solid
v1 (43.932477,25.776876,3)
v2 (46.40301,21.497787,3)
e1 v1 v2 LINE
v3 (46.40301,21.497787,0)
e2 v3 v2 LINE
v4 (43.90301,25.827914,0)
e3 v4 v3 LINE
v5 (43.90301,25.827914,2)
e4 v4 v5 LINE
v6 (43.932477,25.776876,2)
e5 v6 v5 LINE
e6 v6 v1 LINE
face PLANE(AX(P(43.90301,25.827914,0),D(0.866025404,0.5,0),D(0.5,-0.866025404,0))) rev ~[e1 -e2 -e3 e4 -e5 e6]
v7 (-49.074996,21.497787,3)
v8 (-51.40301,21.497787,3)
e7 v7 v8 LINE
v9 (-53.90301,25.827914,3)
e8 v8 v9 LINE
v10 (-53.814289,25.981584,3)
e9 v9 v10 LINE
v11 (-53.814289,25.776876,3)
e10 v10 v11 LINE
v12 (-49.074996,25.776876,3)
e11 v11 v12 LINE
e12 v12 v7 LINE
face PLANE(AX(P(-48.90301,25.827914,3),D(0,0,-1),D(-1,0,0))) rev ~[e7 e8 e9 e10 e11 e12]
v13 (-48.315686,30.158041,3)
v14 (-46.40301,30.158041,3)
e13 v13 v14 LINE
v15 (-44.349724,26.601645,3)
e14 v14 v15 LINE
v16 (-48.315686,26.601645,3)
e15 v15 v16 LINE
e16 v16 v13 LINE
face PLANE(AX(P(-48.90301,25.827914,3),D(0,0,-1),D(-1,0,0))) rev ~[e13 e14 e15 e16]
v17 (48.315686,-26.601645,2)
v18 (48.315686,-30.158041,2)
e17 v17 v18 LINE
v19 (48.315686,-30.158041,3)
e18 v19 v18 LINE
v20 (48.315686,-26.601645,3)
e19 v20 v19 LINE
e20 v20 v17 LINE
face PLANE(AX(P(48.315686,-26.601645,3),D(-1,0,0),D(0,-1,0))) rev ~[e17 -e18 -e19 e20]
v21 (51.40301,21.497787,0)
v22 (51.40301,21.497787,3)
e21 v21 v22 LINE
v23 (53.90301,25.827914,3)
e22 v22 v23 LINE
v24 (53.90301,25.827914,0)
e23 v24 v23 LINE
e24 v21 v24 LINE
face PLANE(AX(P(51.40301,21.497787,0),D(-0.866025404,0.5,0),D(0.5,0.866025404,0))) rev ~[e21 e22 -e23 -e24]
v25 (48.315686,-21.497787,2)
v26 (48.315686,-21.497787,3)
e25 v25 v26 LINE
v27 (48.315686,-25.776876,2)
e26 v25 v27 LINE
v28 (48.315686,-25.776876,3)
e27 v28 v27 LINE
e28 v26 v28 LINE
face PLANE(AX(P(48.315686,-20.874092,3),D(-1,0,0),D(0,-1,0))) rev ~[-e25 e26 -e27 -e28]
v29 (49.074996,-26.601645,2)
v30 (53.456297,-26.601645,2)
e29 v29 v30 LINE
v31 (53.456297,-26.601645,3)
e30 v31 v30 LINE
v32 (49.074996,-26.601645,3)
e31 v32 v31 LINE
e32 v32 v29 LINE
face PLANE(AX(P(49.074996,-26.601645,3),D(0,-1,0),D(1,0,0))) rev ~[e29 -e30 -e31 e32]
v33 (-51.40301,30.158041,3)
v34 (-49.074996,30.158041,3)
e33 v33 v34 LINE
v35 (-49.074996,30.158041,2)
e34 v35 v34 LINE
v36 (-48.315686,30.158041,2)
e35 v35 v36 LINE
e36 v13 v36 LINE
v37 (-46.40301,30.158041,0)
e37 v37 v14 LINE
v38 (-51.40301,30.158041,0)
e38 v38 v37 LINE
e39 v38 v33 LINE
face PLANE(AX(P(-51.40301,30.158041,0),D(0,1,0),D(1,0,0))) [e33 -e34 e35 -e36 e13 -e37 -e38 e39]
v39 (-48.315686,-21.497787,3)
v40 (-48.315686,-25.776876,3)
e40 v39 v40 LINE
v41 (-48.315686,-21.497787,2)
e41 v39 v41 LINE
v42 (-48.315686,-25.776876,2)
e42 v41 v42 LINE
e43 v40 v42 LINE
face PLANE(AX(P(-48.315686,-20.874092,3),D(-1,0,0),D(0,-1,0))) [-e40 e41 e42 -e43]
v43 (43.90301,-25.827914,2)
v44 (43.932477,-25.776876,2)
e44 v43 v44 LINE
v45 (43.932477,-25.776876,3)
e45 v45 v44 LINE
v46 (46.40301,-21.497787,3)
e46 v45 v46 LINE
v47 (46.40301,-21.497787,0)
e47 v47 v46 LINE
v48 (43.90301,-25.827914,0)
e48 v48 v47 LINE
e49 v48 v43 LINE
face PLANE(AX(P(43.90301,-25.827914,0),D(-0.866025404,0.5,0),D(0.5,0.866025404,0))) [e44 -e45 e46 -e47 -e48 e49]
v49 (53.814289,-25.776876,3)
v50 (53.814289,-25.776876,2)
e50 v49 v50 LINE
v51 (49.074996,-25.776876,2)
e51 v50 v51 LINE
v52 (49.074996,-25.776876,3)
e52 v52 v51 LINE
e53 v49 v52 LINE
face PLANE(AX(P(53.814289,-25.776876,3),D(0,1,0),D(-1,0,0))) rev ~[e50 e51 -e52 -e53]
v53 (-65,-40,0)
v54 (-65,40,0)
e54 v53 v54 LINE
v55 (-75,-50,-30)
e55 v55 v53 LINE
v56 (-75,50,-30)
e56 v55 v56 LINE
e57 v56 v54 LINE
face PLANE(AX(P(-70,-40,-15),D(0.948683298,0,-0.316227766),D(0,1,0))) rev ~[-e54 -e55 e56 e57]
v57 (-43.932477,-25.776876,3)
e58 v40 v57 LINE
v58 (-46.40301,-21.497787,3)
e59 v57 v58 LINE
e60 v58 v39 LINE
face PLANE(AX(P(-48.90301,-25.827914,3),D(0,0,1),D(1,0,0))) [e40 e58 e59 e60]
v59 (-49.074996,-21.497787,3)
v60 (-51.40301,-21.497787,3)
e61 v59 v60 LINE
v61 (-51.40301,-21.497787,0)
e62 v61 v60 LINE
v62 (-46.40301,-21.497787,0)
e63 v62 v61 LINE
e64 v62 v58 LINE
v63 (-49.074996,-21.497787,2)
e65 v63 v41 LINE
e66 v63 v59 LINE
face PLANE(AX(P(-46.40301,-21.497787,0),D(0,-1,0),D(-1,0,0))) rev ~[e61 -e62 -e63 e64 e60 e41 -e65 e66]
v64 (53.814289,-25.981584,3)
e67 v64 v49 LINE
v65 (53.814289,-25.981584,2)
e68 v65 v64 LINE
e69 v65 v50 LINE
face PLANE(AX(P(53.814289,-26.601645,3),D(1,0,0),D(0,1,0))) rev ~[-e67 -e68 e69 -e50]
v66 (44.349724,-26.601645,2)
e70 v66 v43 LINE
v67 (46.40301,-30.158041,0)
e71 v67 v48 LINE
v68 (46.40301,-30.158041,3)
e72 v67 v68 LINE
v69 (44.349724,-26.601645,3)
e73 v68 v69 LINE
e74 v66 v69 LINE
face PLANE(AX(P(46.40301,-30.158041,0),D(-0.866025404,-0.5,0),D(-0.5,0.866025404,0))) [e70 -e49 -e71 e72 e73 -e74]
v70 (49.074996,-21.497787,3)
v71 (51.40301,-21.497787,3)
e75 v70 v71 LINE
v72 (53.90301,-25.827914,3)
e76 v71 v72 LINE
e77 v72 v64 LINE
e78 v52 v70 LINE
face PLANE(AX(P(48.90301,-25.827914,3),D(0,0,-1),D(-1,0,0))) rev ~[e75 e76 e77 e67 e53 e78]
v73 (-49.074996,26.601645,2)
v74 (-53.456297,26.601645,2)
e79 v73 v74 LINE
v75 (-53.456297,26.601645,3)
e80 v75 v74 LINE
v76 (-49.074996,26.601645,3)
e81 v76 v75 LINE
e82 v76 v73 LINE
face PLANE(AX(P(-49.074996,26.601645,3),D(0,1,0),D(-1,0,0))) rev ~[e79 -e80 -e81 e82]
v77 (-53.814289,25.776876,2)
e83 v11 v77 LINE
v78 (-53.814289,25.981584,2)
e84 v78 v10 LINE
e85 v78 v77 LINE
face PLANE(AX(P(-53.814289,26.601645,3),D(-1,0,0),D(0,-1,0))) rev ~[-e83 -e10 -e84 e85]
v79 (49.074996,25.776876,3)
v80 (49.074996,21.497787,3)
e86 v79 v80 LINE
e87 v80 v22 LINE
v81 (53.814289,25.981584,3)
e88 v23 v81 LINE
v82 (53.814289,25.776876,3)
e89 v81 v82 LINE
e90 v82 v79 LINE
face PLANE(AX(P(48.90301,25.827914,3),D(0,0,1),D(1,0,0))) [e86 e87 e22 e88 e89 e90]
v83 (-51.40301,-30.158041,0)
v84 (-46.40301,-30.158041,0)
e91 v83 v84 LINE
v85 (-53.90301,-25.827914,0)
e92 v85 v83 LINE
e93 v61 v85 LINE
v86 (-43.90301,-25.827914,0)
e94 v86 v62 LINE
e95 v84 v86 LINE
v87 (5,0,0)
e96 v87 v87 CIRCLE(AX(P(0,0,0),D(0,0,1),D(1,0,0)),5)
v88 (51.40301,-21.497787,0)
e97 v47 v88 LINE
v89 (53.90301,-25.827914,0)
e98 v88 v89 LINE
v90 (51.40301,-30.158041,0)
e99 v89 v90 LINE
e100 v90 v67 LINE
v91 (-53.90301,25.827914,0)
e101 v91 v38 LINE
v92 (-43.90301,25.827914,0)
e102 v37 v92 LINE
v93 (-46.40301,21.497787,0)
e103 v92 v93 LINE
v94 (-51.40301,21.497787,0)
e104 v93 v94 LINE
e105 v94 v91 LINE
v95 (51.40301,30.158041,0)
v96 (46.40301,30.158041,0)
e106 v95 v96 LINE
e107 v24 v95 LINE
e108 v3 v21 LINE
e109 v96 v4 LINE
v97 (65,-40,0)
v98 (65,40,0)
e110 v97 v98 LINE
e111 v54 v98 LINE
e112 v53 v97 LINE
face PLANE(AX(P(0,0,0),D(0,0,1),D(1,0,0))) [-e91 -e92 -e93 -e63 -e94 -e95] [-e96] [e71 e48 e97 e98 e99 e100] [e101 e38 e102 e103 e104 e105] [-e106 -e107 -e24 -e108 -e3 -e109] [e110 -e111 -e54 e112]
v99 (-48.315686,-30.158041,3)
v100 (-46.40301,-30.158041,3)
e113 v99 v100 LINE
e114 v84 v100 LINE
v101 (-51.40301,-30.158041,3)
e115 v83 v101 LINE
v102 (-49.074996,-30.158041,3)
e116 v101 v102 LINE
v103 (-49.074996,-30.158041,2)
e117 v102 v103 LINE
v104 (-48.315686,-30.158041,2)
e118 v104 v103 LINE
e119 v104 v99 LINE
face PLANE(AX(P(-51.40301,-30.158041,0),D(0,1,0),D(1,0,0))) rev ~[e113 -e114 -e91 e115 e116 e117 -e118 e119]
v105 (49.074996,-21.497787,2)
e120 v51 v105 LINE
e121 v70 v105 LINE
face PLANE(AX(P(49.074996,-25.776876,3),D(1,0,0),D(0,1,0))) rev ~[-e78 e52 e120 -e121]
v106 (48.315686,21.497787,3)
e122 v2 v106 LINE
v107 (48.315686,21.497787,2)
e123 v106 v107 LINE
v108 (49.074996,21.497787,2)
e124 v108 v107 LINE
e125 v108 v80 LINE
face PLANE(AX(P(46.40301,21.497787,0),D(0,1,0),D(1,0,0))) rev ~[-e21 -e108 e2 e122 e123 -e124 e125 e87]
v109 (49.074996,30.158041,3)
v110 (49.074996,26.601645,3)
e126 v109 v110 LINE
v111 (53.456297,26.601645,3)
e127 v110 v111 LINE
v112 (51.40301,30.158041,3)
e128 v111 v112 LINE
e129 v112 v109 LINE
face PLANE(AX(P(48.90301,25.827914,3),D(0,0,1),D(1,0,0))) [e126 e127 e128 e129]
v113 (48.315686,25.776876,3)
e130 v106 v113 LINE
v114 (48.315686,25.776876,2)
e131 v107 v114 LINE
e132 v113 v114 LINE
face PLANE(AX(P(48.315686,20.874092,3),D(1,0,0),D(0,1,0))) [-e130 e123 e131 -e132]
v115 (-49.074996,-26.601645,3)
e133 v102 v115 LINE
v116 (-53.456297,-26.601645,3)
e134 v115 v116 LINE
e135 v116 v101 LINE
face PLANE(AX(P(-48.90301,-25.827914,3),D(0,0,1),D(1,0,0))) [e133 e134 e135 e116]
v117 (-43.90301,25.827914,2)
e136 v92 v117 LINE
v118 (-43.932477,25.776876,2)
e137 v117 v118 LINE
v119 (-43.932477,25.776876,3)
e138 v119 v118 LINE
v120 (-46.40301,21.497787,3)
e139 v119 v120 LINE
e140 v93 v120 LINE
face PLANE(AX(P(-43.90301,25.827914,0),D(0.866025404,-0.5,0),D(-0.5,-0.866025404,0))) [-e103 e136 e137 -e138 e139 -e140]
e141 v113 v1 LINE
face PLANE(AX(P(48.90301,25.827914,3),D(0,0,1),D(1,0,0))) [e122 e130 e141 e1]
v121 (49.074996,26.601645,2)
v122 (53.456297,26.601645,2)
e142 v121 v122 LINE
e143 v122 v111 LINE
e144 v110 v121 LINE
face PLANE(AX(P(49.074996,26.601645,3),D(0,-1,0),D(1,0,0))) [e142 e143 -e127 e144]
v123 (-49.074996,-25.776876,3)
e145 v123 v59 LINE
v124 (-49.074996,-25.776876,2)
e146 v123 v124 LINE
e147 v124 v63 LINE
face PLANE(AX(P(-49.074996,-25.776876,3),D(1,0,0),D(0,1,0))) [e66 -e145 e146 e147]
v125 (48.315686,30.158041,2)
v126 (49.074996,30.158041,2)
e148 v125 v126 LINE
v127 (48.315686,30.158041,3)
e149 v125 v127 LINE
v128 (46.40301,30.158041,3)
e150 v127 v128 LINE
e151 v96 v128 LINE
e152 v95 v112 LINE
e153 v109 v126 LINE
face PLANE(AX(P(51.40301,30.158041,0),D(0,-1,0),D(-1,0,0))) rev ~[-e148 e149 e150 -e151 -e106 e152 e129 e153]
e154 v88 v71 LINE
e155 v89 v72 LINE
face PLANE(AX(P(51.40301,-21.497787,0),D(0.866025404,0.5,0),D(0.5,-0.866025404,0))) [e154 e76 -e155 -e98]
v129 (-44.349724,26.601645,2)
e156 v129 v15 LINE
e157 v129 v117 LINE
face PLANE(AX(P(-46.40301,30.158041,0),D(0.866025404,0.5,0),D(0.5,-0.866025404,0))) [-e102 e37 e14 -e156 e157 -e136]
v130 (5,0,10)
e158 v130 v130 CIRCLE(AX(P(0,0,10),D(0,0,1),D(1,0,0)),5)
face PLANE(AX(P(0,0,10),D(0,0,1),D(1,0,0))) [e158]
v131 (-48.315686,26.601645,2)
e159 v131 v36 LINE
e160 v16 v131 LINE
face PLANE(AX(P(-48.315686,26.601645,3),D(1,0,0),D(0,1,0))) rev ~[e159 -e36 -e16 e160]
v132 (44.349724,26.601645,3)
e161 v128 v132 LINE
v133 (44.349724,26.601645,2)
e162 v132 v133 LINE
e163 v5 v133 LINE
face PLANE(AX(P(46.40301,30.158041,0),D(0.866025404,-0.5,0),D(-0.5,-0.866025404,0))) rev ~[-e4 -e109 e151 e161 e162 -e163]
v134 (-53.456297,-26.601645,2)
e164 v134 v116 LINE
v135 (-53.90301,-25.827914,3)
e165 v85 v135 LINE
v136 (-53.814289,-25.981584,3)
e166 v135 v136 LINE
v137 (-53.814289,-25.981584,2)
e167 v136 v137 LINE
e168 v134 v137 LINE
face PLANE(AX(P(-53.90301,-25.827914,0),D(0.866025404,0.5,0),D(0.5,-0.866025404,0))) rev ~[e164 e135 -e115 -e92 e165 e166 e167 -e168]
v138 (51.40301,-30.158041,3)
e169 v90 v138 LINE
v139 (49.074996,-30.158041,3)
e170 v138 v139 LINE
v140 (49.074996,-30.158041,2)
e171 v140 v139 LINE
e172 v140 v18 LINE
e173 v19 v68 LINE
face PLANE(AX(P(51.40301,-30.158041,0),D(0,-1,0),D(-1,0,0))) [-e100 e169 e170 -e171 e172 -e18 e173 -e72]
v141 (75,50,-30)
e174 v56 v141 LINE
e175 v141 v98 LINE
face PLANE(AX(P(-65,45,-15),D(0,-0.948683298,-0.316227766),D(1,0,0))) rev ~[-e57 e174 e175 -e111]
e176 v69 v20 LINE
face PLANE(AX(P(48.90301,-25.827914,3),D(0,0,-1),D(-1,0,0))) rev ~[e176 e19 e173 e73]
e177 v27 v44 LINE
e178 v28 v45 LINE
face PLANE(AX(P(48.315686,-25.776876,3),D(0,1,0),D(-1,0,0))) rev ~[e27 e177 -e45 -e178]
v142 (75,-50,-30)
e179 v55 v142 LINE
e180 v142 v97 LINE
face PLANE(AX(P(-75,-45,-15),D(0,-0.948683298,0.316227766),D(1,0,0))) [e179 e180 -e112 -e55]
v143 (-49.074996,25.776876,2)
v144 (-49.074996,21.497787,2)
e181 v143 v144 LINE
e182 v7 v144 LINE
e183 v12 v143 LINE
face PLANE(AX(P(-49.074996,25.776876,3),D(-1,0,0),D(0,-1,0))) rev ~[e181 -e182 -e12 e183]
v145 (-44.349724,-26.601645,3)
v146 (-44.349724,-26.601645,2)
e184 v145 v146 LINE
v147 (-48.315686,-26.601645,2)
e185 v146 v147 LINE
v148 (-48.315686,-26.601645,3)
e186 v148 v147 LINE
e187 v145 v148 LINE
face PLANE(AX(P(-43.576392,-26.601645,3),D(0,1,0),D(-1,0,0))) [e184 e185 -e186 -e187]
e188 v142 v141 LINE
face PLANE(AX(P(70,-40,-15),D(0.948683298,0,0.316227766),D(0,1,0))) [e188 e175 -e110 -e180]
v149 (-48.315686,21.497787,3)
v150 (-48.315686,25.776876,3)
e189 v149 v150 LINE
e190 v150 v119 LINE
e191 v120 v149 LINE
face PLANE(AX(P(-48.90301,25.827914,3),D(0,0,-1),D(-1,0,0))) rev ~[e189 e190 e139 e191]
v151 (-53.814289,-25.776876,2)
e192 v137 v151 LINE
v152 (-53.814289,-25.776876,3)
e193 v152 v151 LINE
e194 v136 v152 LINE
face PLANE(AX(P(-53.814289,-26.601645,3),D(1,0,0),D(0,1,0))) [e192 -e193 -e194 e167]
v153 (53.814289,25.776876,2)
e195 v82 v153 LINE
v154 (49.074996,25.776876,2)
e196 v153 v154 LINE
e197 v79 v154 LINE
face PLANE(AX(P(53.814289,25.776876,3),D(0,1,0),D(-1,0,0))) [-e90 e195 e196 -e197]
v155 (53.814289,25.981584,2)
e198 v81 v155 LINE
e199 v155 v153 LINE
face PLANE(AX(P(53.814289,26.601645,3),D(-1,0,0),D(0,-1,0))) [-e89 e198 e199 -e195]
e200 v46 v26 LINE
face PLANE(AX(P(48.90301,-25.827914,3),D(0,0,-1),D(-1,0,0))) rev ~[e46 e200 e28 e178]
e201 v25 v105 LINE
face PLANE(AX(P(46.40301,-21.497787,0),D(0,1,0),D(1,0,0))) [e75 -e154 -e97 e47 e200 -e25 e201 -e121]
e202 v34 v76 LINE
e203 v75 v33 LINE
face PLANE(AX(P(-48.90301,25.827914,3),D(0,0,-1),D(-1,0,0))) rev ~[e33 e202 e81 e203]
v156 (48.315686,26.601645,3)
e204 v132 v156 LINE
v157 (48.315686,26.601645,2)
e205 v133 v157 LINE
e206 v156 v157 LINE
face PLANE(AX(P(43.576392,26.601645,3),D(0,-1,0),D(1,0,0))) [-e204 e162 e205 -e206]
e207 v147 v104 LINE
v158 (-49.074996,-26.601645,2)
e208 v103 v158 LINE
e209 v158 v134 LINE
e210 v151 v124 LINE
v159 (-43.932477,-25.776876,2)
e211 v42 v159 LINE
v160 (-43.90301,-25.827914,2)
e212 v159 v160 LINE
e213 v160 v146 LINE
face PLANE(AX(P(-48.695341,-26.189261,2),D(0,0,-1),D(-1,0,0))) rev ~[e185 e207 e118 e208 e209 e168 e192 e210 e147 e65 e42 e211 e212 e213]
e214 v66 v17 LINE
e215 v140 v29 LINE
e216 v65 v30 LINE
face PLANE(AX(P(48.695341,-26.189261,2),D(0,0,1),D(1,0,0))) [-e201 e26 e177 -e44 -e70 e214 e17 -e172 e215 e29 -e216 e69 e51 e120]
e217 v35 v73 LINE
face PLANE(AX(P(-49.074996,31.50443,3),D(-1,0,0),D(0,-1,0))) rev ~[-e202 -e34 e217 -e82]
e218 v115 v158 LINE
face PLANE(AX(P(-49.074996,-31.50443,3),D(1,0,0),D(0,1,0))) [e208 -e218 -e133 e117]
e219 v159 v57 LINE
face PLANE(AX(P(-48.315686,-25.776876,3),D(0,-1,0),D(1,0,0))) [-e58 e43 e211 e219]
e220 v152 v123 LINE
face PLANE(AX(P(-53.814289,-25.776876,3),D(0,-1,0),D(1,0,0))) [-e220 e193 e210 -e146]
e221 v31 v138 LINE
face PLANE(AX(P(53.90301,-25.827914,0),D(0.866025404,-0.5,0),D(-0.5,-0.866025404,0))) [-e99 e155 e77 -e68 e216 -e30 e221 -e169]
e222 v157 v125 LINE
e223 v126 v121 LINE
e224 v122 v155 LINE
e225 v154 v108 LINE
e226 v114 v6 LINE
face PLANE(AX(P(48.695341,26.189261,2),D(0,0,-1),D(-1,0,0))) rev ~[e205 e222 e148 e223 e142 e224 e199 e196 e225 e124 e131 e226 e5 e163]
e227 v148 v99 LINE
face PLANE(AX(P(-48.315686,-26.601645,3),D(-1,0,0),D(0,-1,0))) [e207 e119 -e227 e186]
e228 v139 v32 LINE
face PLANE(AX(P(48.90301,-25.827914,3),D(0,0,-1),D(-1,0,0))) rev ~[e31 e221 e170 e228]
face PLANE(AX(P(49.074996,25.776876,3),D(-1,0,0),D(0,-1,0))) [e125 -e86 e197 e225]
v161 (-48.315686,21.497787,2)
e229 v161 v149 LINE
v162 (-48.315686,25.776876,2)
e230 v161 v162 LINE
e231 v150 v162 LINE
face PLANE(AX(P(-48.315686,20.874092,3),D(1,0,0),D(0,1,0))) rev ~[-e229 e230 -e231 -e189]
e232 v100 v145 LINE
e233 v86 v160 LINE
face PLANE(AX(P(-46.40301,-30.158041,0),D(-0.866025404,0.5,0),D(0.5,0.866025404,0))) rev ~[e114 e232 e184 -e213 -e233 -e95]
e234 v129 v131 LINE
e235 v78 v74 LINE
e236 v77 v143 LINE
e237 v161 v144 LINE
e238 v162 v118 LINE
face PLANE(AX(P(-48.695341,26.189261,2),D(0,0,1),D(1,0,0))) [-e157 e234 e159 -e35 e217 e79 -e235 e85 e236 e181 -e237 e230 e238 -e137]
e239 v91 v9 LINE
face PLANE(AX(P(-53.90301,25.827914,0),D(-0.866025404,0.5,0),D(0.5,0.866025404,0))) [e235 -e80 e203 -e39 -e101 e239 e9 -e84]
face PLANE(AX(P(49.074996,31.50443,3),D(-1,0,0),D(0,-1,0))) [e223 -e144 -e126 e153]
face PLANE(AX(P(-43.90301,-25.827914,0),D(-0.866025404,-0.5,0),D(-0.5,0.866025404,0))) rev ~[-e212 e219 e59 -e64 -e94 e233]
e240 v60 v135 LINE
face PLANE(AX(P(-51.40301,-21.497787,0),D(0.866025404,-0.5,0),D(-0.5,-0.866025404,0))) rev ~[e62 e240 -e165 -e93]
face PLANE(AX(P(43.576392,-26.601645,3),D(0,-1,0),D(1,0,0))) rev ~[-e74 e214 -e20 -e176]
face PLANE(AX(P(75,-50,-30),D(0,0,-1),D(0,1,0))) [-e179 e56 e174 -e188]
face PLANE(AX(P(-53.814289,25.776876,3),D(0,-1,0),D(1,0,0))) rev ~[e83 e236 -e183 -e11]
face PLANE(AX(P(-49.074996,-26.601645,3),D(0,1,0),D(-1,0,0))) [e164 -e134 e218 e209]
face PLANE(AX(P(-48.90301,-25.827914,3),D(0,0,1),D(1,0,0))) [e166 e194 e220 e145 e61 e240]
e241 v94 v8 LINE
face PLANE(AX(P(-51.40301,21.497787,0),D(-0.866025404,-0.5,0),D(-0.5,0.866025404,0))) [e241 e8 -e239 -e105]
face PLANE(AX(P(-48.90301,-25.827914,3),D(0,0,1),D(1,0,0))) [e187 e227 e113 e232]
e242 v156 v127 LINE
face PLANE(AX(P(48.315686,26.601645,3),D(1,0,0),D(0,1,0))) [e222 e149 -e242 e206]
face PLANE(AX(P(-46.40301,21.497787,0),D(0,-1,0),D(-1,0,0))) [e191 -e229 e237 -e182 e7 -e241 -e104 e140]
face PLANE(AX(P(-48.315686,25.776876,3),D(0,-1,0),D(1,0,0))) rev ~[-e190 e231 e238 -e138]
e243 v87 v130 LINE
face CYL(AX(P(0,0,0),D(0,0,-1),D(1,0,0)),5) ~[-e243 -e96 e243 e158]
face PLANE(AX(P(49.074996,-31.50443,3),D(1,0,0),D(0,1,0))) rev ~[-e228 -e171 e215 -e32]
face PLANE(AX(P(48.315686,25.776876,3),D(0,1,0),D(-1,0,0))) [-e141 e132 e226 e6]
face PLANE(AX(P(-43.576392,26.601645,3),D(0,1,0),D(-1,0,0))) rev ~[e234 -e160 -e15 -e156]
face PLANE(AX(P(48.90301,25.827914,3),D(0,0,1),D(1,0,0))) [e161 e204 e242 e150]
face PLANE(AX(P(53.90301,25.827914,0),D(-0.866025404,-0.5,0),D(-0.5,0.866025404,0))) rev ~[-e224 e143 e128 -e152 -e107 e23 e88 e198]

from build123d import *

# Parameters (mm, degrees)
SKETCH2_W             = 150
SKETCH2_H             = 100
BOSS_EXTRUDE1_DEPTH   = 50
CHAMFER1_SIZE         = 30
CHAMFER1_SIZE2        = 10
CHAMFER1_PART_2_SIZE  = 30
CHAMFER1_PART_2_SIZE2 = 10
CHAMFER1_PART_3_SIZE  = 30
CHAMFER1_PART_3_SIZE2 = 10
CHAMFER1_PART_4_SIZE  = 30
CHAMFER1_PART_4_SIZE2 = 10
CUT_EXTRUDE1_DEPTH    = 282
BOSS_EXTRUDE2_DEPTH   = 3
CUT_EXTRUDE2_DEPTH    = 1
SKETCH9_R             = 5
BOSS_EXTRUDE3_DEPTH   = 10


with BuildPart() as part:
    # Sketch2 → Boss-Extrude1 (new body)
    with BuildSketch(Plane.XY):
        Rectangle(SKETCH2_W, SKETCH2_H)
    extrude(amount=-BOSS_EXTRUDE1_DEPTH)

    # Chamfer1
    chamfer1_edges = [part.edges().sort_by_distance(p)[0] for p in [
        (0, -50, 0),
    ]]
    chamfer1_side = [part.faces().sort_by_distance(p)[0] for p in [
        (0, -50, -25),
    ]]
    chamfer(chamfer1_edges, length=CHAMFER1_SIZE, length2=CHAMFER1_SIZE2, reference=chamfer1_side[0])

    # Chamfer1 part 2
    chamfer1_part_2_edges = [part.edges().sort_by_distance(p)[0] for p in [
        (-75, 0, 0),
    ]]
    chamfer1_part_2_side = [part.faces().sort_by_distance(p)[0] for p in [
        (-75, 0, -25),
    ]]
    chamfer(chamfer1_part_2_edges, length=CHAMFER1_PART_2_SIZE, length2=CHAMFER1_PART_2_SIZE2, reference=chamfer1_part_2_side[0])

    # Chamfer1 part 3
    chamfer1_part_3_edges = [part.edges().sort_by_distance(p)[0] for p in [
        (0, 50, 0),
    ]]
    chamfer1_part_3_side = [part.faces().sort_by_distance(p)[0] for p in [
        (0, 50, -25),
    ]]
    chamfer(chamfer1_part_3_edges, length=CHAMFER1_PART_3_SIZE, length2=CHAMFER1_PART_3_SIZE2, reference=chamfer1_part_3_side[0])

    # Chamfer1 part 4
    chamfer1_part_4_edges = [part.edges().sort_by_distance(p)[0] for p in [
        (75, 0, 0),
    ]]
    chamfer1_part_4_side = [part.faces().sort_by_distance(p)[0] for p in [
        (75, 0, -25),
    ]]
    chamfer(chamfer1_part_4_edges, length=CHAMFER1_PART_4_SIZE, length2=CHAMFER1_PART_4_SIZE2, reference=chamfer1_part_4_side[0])

    # Sketch5 → Cut-Extrude1 (cut)
    with BuildSketch(Plane(origin=(75, 0, 0), x_dir=(0, 0, -1), z_dir=(1, 0, 0))):
        Polygon((30, -50), (30, 50), (81.32895228, 62.665959411), (65.838490403, -81.97874305), align=None)
    extrude(amount=-CUT_EXTRUDE1_DEPTH, mode=Mode.SUBTRACT)

    # Sketch6 → Boss-Extrude2 (add)
    with BuildSketch(Plane.XY):
        Polygon((-43.903010181, -25.827914317), (-46.403010181, -21.497787298), (-51.403010181, -21.497787298), (-53.903010181, -25.827914317), (-51.403010181, -30.158041336), (-46.403010181, -30.158041336), align=None)
        Polygon((43.903010181, 25.827914317), (46.403010181, 21.497787298), (51.403010181, 21.497787298), (53.903010181, 25.827914317), (51.403010181, 30.158041336), (46.403010181, 30.158041336), align=None)
        Polygon((46.403010181, -30.158041336), (43.903010181, -25.827914317), (46.403010181, -21.497787298), (51.403010181, -21.497787298), (53.903010181, -25.827914317), (51.403010181, -30.158041336), align=None)
        Polygon((-46.403010181, 21.497787298), (-51.403010181, 21.497787298), (-53.903010181, 25.827914317), (-51.403010181, 30.158041336), (-46.403010181, 30.158041336), (-43.903010181, 25.827914317), align=None)
    extrude(amount=BOSS_EXTRUDE2_DEPTH)

    # Sketch7 → Cut-Extrude2 (cut)
    with BuildSketch(Plane.XY.offset(3)):
        Polygon((-49.074995517, -20.874091647), (-48.315685666, -20.874091647), (-48.315685666, -25.776876491), (-43.576392296, -25.776876491), (-43.576392296, -26.601644718), (-48.315685666, -26.601644718), (-48.315685666, -31.504429563), (-49.074995517, -31.504429563), (-49.074995517, -26.601644718), (-53.814288887, -26.601644718), (-53.814288887, -25.776876491), (-49.074995517, -25.776876491), align=None)
        Polygon((48.315685666, -26.601644718), (48.315685666, -31.504429563), (49.074995517, -31.504429563), (49.074995517, -26.601644718), (53.814288887, -26.601644718), (53.814288887, -25.776876491), (49.074995517, -25.776876491), (49.074995517, -20.874091647), (48.315685666, -20.874091647), (48.315685666, -25.776876491), (43.576392296, -25.776876491), (43.576392296, -26.601644718), align=None)
        Polygon((-48.315685666, 26.601644718), (-48.315685666, 31.504429563), (-49.074995517, 31.504429563), (-49.074995517, 26.601644718), (-53.814288887, 26.601644718), (-53.814288887, 25.776876491), (-49.074995517, 25.776876491), (-49.074995517, 20.874091647), (-48.315685666, 20.874091647), (-48.315685666, 25.776876491), (-43.576392296, 25.776876491), (-43.576392296, 26.601644718), align=None)
        Polygon((49.074995517, 20.874091647), (48.315685666, 20.874091647), (48.315685666, 25.776876491), (43.576392296, 25.776876491), (43.576392296, 26.601644718), (48.315685666, 26.601644718), (48.315685666, 31.504429563), (49.074995517, 31.504429563), (49.074995517, 26.601644718), (53.814288887, 26.601644718), (53.814288887, 25.776876491), (49.074995517, 25.776876491), align=None)
    extrude(amount=-CUT_EXTRUDE2_DEPTH, mode=Mode.SUBTRACT)

    # Sketch9 → Boss-Extrude3 (add)
    with BuildSketch(Plane.XY):
        Circle(SKETCH9_R)
    extrude(amount=BOSS_EXTRUDE3_DEPTH)


solid = part.part
